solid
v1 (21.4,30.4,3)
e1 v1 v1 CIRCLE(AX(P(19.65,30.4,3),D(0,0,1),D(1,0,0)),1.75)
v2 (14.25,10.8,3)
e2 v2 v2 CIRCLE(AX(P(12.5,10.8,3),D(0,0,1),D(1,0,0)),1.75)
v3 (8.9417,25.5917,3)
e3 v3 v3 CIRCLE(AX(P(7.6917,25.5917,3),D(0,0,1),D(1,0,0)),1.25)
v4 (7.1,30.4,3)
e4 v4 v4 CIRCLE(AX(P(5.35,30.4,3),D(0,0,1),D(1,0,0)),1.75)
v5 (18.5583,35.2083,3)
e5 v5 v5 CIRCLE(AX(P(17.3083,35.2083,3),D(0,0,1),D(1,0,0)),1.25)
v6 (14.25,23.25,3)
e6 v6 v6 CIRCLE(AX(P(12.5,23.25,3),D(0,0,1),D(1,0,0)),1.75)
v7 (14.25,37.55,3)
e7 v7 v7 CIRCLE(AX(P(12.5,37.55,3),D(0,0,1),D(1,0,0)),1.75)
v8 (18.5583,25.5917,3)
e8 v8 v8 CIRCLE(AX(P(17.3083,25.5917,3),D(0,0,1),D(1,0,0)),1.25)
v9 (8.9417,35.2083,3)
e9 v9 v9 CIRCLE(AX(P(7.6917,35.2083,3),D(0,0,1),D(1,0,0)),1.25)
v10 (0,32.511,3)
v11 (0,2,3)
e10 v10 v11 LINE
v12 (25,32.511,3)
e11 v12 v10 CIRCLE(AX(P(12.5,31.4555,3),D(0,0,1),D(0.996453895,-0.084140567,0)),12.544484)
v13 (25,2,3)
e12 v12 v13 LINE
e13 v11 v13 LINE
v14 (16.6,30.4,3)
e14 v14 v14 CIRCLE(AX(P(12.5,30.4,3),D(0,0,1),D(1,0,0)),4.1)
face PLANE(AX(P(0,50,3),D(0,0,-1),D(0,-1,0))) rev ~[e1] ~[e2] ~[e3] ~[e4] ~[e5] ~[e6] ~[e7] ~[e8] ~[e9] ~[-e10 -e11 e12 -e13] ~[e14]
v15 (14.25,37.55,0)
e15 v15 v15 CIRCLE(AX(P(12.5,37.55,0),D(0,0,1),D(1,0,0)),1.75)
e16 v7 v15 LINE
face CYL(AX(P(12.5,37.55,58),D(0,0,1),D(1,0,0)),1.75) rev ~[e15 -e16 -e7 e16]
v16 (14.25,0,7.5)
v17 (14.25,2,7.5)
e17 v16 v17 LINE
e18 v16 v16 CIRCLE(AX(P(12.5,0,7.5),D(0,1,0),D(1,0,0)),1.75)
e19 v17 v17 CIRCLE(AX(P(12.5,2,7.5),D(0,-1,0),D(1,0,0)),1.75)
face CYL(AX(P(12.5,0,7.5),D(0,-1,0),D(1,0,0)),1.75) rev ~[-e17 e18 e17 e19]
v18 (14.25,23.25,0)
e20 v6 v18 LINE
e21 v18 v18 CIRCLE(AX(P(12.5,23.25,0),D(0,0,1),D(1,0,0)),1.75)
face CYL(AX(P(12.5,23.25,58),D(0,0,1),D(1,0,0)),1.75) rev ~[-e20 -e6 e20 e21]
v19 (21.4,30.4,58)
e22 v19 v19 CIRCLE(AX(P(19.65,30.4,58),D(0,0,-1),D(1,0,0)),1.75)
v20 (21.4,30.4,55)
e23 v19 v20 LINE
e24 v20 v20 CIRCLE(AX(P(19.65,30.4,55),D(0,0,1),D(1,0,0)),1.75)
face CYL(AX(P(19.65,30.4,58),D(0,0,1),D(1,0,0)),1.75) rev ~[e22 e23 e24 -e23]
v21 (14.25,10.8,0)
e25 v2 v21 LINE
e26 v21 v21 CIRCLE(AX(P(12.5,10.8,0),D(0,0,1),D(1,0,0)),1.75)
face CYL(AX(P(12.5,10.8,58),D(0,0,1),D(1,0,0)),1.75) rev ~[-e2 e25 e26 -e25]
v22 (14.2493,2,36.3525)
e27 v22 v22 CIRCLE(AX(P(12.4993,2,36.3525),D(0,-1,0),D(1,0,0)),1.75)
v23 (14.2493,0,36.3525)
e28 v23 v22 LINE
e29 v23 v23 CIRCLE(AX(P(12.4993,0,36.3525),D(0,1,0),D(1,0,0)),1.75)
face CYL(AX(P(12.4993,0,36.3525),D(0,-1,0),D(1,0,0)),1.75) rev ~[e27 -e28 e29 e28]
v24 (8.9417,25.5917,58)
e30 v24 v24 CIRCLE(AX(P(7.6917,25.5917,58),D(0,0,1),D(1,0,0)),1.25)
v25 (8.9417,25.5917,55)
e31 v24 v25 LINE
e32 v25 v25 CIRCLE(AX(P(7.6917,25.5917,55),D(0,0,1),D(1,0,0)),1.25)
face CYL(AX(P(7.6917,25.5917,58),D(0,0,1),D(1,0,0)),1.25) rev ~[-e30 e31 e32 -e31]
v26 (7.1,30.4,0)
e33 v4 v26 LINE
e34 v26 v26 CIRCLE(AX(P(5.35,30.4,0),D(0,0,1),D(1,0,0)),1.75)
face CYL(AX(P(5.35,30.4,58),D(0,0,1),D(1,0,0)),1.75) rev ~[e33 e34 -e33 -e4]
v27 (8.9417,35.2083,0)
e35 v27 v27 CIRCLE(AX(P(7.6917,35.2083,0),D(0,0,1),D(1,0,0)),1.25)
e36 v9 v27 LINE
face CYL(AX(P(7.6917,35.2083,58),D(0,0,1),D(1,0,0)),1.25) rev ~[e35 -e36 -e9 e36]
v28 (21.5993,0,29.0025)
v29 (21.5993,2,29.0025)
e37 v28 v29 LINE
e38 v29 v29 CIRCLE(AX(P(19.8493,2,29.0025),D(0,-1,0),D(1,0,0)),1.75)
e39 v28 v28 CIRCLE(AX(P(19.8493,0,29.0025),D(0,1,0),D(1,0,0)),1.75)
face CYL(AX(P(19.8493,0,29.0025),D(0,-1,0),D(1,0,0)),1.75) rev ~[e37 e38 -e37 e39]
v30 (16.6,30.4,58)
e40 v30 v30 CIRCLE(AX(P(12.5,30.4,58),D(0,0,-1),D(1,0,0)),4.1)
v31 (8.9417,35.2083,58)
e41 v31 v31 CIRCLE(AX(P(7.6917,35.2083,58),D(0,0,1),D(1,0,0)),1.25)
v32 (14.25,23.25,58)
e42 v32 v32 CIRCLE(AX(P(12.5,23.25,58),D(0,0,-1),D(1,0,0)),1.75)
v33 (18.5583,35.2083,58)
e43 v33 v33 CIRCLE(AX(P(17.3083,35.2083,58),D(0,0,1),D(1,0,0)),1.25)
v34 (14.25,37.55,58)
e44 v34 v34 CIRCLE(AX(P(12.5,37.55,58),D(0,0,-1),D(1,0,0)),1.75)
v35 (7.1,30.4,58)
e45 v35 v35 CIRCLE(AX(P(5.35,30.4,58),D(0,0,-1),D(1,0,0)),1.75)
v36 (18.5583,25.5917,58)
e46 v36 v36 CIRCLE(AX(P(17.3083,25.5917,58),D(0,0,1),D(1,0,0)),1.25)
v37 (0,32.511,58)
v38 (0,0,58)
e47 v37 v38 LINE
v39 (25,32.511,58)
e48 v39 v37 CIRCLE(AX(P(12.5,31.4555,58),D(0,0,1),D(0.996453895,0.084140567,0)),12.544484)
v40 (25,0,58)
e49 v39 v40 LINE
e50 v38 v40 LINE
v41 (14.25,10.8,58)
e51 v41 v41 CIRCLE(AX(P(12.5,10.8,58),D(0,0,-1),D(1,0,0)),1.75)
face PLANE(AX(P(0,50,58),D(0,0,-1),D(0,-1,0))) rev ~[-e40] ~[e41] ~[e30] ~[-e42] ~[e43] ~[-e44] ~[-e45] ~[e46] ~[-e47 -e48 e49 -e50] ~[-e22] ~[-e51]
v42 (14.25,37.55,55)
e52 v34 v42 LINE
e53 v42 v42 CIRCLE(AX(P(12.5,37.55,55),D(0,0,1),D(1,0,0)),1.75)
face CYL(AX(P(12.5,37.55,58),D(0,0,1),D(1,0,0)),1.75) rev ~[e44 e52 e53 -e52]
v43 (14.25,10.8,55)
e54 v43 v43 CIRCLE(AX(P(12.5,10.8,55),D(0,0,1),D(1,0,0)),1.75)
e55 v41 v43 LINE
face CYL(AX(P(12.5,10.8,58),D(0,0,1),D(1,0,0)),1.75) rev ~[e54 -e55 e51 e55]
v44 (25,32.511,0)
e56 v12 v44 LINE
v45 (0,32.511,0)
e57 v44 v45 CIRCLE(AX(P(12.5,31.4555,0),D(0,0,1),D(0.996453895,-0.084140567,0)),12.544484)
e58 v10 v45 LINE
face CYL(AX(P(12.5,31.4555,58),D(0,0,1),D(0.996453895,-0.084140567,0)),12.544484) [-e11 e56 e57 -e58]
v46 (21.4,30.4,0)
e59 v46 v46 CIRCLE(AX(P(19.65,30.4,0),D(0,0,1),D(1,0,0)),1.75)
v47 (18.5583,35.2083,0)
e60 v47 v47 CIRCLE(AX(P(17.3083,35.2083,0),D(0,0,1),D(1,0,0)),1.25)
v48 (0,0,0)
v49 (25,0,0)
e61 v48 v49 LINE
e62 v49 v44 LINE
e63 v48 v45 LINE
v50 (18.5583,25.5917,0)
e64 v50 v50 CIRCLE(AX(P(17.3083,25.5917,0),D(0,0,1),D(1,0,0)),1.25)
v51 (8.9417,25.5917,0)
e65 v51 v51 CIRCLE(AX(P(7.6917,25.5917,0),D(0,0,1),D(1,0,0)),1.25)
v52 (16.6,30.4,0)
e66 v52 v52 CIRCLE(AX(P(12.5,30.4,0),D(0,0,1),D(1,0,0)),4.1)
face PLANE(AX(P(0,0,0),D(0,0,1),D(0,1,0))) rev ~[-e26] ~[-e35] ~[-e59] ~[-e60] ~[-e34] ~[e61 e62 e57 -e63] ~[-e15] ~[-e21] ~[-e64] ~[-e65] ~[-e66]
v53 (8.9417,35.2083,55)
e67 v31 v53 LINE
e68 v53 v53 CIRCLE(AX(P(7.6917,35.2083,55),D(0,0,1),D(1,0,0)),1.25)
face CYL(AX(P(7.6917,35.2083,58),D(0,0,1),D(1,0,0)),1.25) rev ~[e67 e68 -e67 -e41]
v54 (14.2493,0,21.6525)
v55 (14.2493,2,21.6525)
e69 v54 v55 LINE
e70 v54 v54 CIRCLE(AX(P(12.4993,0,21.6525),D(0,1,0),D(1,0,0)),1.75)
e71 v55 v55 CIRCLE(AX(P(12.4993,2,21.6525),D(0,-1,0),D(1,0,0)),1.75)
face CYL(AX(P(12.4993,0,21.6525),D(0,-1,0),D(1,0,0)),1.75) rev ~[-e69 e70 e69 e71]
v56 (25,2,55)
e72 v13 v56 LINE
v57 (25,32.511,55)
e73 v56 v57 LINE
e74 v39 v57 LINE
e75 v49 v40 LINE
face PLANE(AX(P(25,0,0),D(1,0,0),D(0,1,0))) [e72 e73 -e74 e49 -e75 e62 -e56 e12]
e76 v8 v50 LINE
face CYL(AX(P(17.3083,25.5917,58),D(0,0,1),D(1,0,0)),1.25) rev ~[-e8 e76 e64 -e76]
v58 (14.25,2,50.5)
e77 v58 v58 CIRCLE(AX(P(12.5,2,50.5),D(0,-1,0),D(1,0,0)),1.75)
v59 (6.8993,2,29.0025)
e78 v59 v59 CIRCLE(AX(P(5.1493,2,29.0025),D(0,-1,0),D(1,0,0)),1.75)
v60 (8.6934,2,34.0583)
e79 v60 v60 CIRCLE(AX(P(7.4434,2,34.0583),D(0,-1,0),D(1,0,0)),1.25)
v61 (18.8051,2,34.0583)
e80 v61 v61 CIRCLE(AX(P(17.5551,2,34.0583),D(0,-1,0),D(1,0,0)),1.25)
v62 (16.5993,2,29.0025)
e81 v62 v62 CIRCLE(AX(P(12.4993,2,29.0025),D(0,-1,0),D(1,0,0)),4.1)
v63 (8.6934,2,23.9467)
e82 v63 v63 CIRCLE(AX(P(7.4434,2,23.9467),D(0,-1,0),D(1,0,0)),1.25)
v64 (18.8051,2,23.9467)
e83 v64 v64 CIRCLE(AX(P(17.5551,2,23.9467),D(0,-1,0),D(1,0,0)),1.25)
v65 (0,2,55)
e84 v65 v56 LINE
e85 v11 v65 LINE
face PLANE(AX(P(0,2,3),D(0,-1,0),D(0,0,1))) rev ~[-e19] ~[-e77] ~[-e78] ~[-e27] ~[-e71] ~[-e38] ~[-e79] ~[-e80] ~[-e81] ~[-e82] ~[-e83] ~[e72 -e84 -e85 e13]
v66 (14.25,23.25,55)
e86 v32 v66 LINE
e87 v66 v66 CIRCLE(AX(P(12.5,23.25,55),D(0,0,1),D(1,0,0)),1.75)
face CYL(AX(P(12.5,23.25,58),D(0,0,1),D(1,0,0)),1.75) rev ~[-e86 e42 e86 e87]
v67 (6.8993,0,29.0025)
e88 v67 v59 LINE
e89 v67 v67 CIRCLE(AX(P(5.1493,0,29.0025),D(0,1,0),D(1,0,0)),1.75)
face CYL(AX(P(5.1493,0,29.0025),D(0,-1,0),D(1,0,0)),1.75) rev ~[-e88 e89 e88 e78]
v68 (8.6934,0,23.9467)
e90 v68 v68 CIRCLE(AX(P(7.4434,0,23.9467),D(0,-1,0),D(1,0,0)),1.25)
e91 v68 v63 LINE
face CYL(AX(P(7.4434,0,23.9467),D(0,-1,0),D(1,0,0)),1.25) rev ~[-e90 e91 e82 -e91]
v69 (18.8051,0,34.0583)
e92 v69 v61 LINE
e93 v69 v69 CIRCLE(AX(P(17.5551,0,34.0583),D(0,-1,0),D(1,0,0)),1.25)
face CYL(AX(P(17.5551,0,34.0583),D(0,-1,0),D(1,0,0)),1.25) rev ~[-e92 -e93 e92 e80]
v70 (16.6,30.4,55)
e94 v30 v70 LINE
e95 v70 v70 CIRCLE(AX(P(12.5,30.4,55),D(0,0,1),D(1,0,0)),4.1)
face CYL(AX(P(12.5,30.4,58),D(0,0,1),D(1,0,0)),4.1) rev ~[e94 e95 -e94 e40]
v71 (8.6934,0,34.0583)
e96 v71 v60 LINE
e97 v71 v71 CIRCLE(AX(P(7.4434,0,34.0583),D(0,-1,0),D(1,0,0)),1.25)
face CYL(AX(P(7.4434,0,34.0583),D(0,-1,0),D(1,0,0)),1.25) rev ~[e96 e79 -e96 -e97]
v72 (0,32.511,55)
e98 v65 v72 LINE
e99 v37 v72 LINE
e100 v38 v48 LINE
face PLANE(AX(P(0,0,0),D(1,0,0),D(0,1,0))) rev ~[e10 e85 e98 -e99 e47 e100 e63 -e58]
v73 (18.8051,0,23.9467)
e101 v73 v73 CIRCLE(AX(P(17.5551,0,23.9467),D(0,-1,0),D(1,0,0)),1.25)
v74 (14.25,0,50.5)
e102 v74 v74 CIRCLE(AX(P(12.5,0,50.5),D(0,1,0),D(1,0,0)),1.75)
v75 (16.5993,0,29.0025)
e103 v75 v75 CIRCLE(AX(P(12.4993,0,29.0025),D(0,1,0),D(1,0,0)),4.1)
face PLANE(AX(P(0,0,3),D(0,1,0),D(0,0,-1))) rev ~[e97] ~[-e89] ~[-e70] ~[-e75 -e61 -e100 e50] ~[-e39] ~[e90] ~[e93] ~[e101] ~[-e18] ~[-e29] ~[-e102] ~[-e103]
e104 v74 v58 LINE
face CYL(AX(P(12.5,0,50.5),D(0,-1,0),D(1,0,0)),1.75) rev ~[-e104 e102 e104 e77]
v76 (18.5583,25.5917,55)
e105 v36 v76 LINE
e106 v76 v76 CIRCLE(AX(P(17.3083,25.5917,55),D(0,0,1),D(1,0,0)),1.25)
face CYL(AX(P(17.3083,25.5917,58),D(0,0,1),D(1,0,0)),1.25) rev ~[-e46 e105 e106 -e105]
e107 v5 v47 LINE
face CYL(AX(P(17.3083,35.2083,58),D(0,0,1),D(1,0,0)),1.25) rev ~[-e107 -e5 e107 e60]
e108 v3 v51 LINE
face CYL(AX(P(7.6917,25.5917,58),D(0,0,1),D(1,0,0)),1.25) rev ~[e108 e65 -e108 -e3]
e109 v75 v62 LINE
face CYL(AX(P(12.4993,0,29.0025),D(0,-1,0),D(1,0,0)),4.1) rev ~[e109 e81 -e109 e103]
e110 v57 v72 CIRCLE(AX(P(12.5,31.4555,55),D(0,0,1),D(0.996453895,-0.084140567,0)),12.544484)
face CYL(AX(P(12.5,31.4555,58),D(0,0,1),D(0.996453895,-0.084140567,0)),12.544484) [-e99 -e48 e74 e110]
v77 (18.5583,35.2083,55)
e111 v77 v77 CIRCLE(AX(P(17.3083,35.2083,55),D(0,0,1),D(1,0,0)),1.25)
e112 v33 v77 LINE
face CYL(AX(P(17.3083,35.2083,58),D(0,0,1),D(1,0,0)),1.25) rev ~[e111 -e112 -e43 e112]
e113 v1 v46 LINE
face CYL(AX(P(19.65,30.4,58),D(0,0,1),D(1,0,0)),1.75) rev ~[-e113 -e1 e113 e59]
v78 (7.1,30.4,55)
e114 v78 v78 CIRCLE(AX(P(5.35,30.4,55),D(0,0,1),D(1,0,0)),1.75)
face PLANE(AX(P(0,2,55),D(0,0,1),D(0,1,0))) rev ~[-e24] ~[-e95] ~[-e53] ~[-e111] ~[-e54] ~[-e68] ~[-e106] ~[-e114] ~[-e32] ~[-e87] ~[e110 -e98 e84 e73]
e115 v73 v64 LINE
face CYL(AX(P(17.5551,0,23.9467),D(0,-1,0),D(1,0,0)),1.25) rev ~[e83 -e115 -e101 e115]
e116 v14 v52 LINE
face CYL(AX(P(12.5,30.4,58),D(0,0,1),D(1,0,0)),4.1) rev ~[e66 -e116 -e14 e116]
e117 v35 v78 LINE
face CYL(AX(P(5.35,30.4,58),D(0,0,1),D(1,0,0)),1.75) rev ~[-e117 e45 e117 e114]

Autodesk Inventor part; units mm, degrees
ref_plane "YZ Plane" through (0, 0, 0) normal (1, 0, 0) x (0, 1, 0)
ref_plane "XZ Plane" through (0, 0, 0) normal (0, 1, 0) x (-1, 0, 0)
ref_plane "XY Plane" through (0, 0, 0) normal (0, 0, 1) x (1, 0, 0)
sketch "Esboço1" plane through (0, 0, 0) normal (1, 0, 0) x (0, 1, 0)
  line L0 (0, 0) -> (50, 0)
  line L1 (50, 0) -> (50, 3)
  line L2 (50, 3) -> (2, 3)
  line L3 (2, 3) -> (2, 55)
  line L4 (2, 55) -> (50, 55)
  line L5 (50, 55) -> (50, 58)
  line L6 (50, 58) -> (0, 58)
  line L7 (0, 58) -> (0, 0)
  line L8 (2, 3) -> (0, 3)
  dimension "d84" = 52
  dimension "d85" = 3
  dimension "d86" = 3
  dimension "d87" = 3
  dimension "d90" = 2
extrude "Extrusão1" add sketch "Esboço1" along normal blind 25
sketch "Esboço2" plane through (0, 0, 58) normal (0, 0, 1) x (1, 0, 0)
  line L0 (0, 0) -> (25, 0) projected
  circle A0 centre (12.5, 10.8) radius 1.75
  circle A1 centre (12.5, 30.4) radius 4.1
  circle A2 centre (12.5, 23.25) radius 1.75
  line L1 (12.5, 30.4) -> (16.5, 30.4) construction
  line L2 (12.5, 30.4) -> (19.3, 30.4) construction
  circle A3 centre (7.6917, 25.5917) radius 1.25
  circle A4 centre (19.65, 30.4) radius 1.75
  circle A5 centre (12.5, 37.55) radius 1.75
  circle A6 centre (5.35, 30.4) radius 1.75
  circle A7 centre (17.3083, 25.5917) radius 1.25
  circle A8 centre (17.3083, 35.2083) radius 1.25
  circle A9 centre (7.6917, 35.2083) radius 1.25
  line L3 (0, 0) -> (25, 0) projected
  line L4 (29.4538, 30.4) -> (-4.4538, 30.4)
  line L5 (12.5, 39.3) -> (12.5, 0)
  line L6 (12.5, 39.3) -> (12.5, 44)
  line L7 (25, 2) -> (25, 50) projected
  line L8 (25, 50) -> (25, 30.4)
  arc A10 (25, 30.4) -> (0, 30.4) centre (12.5, 31.4555) ccw
  line L9 (0, 2) -> (0, 50) projected
  line L10 (0, 50) -> (25, 50) projected
  line L11 (0, 32.511) -> (0, 50)
  line L12 (0, 50) -> (25, 50)
  line L13 (25, 50) -> (25, 32.511)
  line L14 (0, 32.511) -> (0, 30.4)
  line L15 (25, 32.511) -> (25, 30.4)
  line L16 (25, 32.511) -> (25, 50)
  point P0 (25, 32.511)
  dimension "d11" = 3.5
  dimension "d14" = 8.2
  dimension "d26" = 3.5
  dimension "d42" = 2.5
  dimension "d50" = 1.3
  dimension "d53" = 360
  dimension "d59" = 360
  dimension "d61" = 10.8
  dimension "d62" = 39.3
  dimension "d63" = 4.7
extrude "Extrusão2" cut sketch "Esboço2" against normal through all contours A0 L5 | A1 L4 L5 | L5 L4 A1 | A2 L5 | L5 A2 | L5 A0 | A1 L5 L4 | L4 L5 A1 | L4 A6 | A6 L4 | L4 A4 | A4 L4 | L5 A5 | A5 L5 | A10 L9 L10 L7 | A3 | A7 | A8 | A9
sketch "Esboço4" plane through (0, 0, 0) normal (0, -1, 0) x (1, 0, 0)
  line L0 (0, 58) -> (25, 58) projected
  line L1 (14.25, 0) -> (10.75, 0) projected
  line L2 (25, 3) -> (25, 55) projected
  line L3 (0, 3) -> (0, 55) projected
  circle A0 centre (12.4993, 29.0025) radius 4.1
  circle A1 centre (12.4993, 21.6525) radius 1.75
  line L4 (12.4993, 29.0025) -> (16.4993, 29.0025) construction
  line L5 (12.4993, 29.0025) -> (19.2993, 29.0025) construction
  circle A2 centre (7.4434, 23.9467) radius 1.25
  circle A3 centre (19.8493, 29.0025) radius 1.75
  circle A4 centre (12.4993, 36.3525) radius 1.75
  circle A5 centre (5.1493, 29.0025) radius 1.75
  circle A6 centre (17.5551, 23.9467) radius 1.25
  circle A7 centre (17.5551, 34.0583) radius 1.25
  circle A8 centre (7.4434, 34.0583) radius 1.25
  circle A9 centre (12.5, 50.5) radius 1.75
  circle A10 centre (12.5, 7.5) radius 1.75
  line L6 (0, 0) -> (25, 0) projected
  line L7 (25, 58) -> (25, 0)
  line L8 (17.9, 3) -> (17.9, 0) projected
  line L9 (25, 58) -> (25, 0) projected
  line L10 (25, 29) -> (0, 29)
  line L11 (0, 58) -> (0, 0) projected
  line L12 (25, 58) -> (0, 58)
  line L13 (12.5, 58) -> (12.5, 0)
  point P0 (24.9565, 28.0304)
  dimension "d68" = 8.2
  dimension "d72" = 360
  dimension "d74" = 360
  dimension "d77" = 3.5
  dimension "d92" = 7.5
  dimension "d96" = 7.5
  dimension "d98" = 1.5
  dimension "d100" = 1.8
  dimension "d101" = 3.5
  dimension "d102" = 2.5
  dimension "d103" = 3.5
extrude "Extrusão3" cut sketch "Esboço4" against normal through all contours L13 A9 | A9 L13 | L10 A5 | A5 L10 | L13 A4 | A4 L13 | L10 A3 | A3 L10 | L10 L13 A0 | A0 L13 L10 | A0 L10 L13 | L13 L10 A0 | L13 A10 | A10 L13 | L13 A1 | A1 L13 | A2 | A6 | A7 | A8
properties part number "Medium FrameARRUMADO"
